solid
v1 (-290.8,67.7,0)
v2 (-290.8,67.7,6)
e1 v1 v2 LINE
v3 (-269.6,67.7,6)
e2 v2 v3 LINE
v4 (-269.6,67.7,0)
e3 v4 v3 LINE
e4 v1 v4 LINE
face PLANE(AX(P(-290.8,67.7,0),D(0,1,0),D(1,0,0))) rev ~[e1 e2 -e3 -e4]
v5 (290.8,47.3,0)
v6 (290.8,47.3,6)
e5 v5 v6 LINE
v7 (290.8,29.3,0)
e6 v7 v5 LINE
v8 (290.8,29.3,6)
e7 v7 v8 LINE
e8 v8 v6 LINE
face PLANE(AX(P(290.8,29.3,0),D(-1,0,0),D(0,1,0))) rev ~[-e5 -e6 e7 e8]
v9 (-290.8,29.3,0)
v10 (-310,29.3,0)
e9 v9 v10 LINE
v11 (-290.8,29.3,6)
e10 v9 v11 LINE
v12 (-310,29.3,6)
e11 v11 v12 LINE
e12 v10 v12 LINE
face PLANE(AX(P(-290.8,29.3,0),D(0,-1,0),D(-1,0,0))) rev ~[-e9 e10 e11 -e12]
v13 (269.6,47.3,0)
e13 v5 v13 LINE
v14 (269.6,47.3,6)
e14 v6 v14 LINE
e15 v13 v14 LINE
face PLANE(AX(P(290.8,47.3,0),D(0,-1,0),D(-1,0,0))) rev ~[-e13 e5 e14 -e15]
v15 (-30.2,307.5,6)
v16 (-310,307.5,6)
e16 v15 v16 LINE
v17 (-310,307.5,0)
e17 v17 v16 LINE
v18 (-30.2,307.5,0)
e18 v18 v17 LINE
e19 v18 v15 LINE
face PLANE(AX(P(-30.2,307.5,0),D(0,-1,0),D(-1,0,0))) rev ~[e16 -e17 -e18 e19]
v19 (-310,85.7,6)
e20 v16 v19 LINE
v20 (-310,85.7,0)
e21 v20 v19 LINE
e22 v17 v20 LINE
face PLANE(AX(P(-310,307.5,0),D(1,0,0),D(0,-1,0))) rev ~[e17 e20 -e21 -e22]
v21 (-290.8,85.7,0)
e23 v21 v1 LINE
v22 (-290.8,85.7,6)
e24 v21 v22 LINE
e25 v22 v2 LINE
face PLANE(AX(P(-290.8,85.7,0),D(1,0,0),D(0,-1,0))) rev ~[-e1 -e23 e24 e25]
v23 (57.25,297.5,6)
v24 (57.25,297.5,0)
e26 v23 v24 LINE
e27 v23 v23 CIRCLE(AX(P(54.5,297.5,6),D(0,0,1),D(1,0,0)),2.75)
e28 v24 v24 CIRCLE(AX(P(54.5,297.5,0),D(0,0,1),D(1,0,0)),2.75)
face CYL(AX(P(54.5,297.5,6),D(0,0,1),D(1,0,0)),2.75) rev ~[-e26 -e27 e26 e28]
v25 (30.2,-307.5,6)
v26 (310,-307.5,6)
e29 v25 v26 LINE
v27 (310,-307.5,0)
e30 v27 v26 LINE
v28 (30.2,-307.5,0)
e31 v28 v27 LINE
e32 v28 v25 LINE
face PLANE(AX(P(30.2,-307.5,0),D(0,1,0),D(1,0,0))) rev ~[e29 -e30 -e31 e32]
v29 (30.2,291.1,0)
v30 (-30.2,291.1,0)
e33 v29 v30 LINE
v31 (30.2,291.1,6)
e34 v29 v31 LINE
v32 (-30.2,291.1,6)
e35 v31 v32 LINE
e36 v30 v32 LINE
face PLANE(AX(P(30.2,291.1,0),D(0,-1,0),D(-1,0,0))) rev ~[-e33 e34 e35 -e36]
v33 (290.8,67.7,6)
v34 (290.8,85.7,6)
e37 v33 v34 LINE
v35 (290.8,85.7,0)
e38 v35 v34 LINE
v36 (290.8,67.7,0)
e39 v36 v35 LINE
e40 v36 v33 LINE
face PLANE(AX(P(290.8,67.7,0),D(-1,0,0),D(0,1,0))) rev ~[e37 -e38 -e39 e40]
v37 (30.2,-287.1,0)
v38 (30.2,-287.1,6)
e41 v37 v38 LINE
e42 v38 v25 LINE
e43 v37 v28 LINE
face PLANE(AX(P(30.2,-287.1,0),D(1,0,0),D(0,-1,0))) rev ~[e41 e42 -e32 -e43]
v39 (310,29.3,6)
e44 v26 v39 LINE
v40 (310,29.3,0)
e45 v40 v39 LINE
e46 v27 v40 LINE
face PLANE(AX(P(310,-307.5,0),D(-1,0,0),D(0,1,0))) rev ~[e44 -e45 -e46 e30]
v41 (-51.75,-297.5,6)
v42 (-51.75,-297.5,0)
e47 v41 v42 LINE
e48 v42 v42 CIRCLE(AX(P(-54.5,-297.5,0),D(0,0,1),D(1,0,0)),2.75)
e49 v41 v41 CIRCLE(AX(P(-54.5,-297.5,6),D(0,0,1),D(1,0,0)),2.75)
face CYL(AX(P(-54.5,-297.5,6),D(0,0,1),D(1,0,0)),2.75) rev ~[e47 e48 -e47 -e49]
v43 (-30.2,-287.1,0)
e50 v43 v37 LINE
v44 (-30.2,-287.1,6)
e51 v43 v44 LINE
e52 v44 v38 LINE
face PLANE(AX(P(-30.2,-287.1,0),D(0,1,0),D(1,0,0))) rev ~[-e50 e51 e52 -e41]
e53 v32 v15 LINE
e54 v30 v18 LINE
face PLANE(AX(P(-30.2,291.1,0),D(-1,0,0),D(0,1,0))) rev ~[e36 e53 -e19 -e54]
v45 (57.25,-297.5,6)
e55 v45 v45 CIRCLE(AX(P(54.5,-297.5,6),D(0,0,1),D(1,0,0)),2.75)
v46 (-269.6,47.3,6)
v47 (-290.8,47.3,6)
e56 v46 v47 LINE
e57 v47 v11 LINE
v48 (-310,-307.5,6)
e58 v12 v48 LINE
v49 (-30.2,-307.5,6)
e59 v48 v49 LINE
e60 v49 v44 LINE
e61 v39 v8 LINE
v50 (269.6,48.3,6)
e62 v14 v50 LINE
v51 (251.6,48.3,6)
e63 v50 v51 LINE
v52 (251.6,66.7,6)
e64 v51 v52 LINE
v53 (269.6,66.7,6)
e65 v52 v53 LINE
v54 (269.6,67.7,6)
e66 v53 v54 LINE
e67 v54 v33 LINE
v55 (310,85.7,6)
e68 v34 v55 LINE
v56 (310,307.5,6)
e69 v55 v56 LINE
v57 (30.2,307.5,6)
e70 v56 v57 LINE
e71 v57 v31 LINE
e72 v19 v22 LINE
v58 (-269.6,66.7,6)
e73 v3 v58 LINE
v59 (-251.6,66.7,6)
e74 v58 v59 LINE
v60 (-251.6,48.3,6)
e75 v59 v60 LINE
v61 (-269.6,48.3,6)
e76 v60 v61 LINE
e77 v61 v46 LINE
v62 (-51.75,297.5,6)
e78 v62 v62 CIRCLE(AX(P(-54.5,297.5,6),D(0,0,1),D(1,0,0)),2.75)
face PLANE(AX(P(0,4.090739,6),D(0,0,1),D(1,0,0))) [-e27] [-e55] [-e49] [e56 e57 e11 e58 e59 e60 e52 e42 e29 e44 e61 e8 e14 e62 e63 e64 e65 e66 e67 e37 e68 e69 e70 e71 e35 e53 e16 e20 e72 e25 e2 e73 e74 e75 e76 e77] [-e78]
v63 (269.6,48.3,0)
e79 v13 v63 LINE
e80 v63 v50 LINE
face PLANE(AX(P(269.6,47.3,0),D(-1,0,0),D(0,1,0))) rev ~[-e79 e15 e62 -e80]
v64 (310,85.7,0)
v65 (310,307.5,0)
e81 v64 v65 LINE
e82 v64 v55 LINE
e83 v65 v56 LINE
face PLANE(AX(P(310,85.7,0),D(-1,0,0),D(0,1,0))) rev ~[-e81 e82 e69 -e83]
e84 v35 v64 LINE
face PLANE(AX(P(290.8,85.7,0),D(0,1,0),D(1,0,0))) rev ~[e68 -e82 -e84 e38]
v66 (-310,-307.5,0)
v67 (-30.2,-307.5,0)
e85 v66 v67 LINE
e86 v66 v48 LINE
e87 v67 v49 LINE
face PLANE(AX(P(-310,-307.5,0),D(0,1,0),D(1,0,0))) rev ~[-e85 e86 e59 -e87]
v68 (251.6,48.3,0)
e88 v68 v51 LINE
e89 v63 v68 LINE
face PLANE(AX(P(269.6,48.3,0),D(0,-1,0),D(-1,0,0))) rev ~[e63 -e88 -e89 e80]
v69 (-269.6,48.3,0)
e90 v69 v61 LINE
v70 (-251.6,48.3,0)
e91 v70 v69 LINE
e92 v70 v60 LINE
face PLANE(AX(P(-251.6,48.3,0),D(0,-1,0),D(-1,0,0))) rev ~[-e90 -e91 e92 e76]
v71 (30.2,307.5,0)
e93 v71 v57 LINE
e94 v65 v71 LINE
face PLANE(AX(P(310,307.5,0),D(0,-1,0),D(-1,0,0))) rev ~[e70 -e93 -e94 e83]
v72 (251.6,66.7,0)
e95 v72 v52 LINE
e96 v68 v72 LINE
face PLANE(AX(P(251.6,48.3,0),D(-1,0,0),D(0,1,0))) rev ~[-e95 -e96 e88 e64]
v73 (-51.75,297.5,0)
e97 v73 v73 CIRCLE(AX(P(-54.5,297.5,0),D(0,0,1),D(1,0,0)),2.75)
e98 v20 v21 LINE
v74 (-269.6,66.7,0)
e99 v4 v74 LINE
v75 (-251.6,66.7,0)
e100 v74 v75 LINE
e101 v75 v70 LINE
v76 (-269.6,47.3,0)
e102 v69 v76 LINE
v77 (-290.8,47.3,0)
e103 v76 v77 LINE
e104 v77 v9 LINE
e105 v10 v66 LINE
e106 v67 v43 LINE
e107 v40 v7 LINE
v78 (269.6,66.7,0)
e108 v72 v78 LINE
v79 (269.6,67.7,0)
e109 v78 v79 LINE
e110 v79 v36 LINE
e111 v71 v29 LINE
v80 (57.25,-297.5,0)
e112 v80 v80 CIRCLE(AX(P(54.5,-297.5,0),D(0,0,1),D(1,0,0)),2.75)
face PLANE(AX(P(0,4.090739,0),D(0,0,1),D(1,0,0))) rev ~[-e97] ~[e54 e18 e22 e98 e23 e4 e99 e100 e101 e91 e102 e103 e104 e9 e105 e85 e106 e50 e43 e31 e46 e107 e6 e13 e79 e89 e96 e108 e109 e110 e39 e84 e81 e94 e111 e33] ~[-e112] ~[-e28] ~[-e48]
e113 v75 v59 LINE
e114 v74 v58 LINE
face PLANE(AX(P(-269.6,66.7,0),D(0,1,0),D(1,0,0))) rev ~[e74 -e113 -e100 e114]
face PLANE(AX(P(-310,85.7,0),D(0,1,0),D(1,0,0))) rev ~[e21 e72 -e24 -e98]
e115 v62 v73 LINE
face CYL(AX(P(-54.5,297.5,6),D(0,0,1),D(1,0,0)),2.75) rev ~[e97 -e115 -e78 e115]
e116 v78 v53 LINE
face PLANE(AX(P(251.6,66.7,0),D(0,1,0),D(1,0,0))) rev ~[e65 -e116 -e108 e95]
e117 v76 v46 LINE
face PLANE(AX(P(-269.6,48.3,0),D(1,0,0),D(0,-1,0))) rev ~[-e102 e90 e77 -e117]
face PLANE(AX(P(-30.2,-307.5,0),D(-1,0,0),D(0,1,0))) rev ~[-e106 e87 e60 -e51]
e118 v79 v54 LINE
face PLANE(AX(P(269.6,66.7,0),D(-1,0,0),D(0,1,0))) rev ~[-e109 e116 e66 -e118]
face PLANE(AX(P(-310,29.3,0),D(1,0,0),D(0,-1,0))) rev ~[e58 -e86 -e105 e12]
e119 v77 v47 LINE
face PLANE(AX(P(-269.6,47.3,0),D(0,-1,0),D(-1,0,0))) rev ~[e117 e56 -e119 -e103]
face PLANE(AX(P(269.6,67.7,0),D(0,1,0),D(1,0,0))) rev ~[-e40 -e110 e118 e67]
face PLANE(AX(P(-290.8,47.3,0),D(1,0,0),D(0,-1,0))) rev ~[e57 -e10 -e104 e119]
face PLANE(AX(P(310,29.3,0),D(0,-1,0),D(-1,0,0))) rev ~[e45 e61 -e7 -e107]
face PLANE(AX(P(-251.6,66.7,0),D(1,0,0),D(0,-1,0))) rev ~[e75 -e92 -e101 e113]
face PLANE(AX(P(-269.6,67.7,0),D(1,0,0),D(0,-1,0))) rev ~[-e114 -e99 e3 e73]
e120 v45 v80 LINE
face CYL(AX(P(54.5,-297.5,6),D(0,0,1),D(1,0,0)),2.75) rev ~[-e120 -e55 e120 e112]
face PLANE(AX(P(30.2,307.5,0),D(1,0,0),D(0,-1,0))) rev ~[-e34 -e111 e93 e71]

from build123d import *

# Parameters (mm, degrees)
F1_DEPTH = 6
F2_R     = 2.75
F3_DEPTH = 6


with BuildPart() as f1:
    # F0 (on Top) → F1 (new body)
    with BuildSketch(Plane.XY):
        Polygon((30.2, -307.5), (310, -307.5), (310, 29.3), (290.8, 29.3), (290.8, 47.3), (269.6, 47.3), (269.6, 48.3), (251.6, 48.3), (251.6, 66.7), (269.6, 66.7), (269.6, 67.7), (290.8, 67.7), (290.8, 85.7), (310, 85.7), (310, 307.5), (30.2, 307.5), (30.2, 291.1), (-30.2, 291.1), (-30.2, 307.5), (-310, 307.5), (-310, 85.7), (-290.8, 85.7), (-290.8, 67.7), (-269.6, 67.7), (-269.6, 66.7), (-251.6, 66.7), (-251.6, 48.3), (-269.6, 48.3), (-269.6, 47.3), (-290.8, 47.3), (-290.8, 29.3), (-310, 29.3), (-310, -307.5), (-30.2, -307.5), (-30.2, -287.1), (30.2, -287.1), align=None)
    extrude(amount=F1_DEPTH)

    # F2 (on face) → F3 (cut, through all)
    with BuildSketch(Plane.XY.offset(6)):
        with Locations((-54.5, 297.5)):
            Circle(F2_R)
        with Locations((54.5, 297.5)):
            Circle(F2_R)
        with Locations((-54.5, -297.5)):
            Circle(F2_R)
        with Locations((54.5, -297.5)):
            Circle(F2_R)
    extrude(amount=-F3_DEPTH, mode=Mode.SUBTRACT)


solid = f1.part
